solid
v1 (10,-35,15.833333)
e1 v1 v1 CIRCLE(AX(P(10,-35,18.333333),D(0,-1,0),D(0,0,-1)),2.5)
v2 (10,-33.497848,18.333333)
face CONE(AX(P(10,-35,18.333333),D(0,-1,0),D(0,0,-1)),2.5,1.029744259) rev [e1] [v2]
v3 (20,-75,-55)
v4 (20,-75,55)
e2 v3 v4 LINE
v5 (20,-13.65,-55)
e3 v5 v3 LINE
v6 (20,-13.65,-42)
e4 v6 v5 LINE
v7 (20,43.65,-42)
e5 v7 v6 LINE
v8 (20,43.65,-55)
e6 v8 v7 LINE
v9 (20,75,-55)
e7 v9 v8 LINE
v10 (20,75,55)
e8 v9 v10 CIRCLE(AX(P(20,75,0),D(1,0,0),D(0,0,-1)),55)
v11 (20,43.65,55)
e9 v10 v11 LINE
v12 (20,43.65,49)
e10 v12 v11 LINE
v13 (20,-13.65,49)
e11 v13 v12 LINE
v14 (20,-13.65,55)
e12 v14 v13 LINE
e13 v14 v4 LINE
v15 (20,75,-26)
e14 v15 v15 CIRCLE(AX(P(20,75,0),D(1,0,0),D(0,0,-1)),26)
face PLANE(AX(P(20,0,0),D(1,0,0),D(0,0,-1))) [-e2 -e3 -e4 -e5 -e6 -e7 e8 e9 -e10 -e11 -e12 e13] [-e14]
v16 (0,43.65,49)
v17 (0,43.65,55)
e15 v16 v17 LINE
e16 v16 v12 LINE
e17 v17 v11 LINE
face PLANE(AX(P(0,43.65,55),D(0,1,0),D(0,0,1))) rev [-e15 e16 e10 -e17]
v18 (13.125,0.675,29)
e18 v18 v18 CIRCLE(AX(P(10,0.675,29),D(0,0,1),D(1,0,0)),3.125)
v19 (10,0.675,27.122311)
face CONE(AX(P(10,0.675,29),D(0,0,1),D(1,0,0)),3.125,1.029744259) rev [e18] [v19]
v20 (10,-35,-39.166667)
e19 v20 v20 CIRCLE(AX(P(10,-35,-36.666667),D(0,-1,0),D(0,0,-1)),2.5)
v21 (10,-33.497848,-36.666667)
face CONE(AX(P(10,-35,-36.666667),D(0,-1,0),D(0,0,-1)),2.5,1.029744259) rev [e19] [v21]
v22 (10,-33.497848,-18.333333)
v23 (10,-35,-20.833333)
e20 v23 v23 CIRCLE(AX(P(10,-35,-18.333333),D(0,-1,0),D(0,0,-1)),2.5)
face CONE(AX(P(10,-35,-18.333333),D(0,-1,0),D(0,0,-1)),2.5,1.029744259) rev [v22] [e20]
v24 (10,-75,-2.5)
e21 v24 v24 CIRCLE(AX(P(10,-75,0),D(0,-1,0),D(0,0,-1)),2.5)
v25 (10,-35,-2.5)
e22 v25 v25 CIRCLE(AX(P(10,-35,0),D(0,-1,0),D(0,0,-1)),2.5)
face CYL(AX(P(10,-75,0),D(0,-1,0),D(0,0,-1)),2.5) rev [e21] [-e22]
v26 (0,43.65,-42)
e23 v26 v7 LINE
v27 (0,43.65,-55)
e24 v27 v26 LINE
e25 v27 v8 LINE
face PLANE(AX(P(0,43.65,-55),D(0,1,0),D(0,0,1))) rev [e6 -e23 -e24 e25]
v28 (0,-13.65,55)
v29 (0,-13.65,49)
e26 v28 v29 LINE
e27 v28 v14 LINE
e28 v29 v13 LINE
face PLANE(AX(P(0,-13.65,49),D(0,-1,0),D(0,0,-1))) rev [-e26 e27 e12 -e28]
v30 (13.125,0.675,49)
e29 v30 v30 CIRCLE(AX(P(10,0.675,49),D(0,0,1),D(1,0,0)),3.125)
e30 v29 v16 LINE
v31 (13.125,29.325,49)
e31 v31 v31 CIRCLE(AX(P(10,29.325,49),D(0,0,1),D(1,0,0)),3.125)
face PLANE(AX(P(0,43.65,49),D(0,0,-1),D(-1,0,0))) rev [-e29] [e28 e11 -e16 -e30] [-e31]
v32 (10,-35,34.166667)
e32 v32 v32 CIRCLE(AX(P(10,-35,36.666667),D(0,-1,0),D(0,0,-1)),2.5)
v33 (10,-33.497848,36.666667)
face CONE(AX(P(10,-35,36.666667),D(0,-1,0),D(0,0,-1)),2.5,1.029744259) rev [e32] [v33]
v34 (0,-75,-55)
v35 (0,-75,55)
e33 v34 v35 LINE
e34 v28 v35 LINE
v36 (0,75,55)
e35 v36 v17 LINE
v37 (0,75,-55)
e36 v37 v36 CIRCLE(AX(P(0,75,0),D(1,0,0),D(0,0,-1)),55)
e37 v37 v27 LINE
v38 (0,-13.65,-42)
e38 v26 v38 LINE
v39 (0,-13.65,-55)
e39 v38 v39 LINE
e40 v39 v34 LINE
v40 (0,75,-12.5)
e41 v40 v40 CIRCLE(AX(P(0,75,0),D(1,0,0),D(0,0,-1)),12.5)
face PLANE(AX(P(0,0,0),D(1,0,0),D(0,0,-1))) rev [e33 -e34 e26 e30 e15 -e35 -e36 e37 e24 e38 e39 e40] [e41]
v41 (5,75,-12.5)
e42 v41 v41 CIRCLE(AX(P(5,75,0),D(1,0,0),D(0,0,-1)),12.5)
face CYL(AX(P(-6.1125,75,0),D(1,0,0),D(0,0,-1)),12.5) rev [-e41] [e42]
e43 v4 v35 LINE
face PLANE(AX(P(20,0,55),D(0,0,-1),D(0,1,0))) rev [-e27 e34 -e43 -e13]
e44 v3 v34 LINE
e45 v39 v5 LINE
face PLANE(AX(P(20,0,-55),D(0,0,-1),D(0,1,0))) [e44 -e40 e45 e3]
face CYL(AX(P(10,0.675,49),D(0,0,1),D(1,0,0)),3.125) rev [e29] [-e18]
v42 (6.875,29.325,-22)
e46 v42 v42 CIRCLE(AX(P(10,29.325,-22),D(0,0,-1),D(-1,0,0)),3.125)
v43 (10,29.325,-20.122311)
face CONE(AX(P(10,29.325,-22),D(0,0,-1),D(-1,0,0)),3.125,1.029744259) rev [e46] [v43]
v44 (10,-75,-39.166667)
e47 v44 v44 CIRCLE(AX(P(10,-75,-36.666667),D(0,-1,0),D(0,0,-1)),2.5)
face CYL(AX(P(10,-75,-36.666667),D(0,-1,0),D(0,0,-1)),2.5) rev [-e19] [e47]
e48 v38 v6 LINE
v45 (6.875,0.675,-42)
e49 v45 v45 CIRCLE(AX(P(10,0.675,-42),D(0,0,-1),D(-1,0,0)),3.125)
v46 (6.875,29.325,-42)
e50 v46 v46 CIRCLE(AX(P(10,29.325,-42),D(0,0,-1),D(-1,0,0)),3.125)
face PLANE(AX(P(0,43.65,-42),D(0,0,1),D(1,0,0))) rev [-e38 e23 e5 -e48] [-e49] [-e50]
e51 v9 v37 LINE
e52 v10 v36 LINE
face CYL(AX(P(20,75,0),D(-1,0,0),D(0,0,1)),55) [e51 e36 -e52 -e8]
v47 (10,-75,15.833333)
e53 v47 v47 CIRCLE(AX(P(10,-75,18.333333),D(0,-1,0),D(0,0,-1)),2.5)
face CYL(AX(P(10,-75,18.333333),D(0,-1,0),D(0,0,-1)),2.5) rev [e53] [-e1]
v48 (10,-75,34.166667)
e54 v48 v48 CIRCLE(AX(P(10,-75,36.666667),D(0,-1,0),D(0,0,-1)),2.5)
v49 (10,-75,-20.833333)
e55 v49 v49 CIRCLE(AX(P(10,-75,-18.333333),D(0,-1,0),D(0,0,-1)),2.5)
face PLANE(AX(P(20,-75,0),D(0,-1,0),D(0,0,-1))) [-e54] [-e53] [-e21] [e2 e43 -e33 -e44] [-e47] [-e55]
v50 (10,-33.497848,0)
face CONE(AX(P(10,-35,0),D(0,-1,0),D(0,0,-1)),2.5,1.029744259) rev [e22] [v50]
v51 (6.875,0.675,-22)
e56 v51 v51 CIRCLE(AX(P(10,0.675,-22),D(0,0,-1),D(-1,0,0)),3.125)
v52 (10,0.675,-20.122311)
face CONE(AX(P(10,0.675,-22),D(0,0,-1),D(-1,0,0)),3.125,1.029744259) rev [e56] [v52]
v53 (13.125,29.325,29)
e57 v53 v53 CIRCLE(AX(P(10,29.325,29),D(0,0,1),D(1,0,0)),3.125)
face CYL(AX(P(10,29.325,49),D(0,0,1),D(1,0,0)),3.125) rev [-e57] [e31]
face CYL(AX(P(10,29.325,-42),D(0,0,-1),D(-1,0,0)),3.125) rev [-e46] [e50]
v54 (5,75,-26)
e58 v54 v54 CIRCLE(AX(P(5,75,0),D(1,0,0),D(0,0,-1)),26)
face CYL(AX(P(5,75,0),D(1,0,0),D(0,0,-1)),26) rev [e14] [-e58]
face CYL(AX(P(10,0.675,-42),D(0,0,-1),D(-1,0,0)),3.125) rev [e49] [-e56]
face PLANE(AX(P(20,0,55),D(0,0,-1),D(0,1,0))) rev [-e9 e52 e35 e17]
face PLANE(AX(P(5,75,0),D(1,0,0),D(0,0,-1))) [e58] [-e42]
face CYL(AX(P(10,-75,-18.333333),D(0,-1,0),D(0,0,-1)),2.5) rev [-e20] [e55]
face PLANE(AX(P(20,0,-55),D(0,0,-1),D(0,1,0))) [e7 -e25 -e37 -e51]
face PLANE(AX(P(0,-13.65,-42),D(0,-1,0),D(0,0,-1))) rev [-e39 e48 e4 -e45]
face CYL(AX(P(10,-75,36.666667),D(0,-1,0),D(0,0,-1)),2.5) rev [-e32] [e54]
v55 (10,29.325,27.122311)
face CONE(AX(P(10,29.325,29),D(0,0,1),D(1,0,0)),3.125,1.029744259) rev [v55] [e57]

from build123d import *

# Parameters (mm, degrees)
BOSS_EXTRUDE1_DEPTH              = 20
SKETCH3_R                        = 26
CUT_EXTRUDE1_DEPTH               = 15
SKETCH4_R                        = 12.5
CUT_EXTRUDE2_DEPTH               = 11.1125
TAP_DRILL_FOR_M6X1_0_TAP2_D      = 5
TAP_DRILL_FOR_M6X1_0_TAP2_DEPTH  = 40
TAP_DRILL_FOR_M6X1_0_TAP2_TIP    = 1.502151548
SKETCH12_W                       = 6
SKETCH12_H                       = 57.3
SKETCH12_W_2                     = 13
CUT_EXTRUDE3_DEPTH               = 20
TAP_DRILL_FOR_M6_HELICOIL1_D     = 6.25
TAP_DRILL_FOR_M6_HELICOIL1_DEPTH = 20
TAP_DRILL_FOR_M6_HELICOIL1_TIP   = 1.877689434
TAP_DRILL_FOR_M6_HELICOIL2_D     = 6.25
TAP_DRILL_FOR_M6_HELICOIL2_DEPTH = 20
TAP_DRILL_FOR_M6_HELICOIL2_TIP   = 1.877689434


with BuildPart() as part:
    # Sketch2 → Boss-Extrude1 (new body)
    with BuildSketch(Plane(origin=(0, 0, 0), x_dir=(0, 0, -1), z_dir=(1, 0, 0))):
        with BuildLine():
            Line((55, -75), (55, 75))
            ThreePointArc((55, 75), (0, 20), (-55, 75))
            Line((-55, 75), (-55, -75))
            Line((-55, -75), (55, -75))
        make_face()
        with BuildLine():
            ThreePointArc((-55, 75), (0, 20), (55, 75))
            Line((55, 75), (-55, 75))
        make_face()
        with BuildLine():
            Line((-55, 75), (55, 75))
            ThreePointArc((55, 75), (0, 130), (-55, 75))
        make_face()
    extrude(amount=BOSS_EXTRUDE1_DEPTH)

    # Sketch3 → Cut-Extrude1 (cut)
    with BuildSketch(Plane(origin=(20, 0, 0), x_dir=(0, 0, -1), z_dir=(1, 0, 0))):
        with Locations((0, 75)):
            Circle(SKETCH3_R)
    extrude(amount=-CUT_EXTRUDE1_DEPTH, mode=Mode.SUBTRACT)

    # Sketch4 → Cut-Extrude2 (cut)
    with BuildSketch(Plane(origin=(5, 0, 0), x_dir=(0, 0, -1), z_dir=(1, 0, 0))):
        with Locations((0, 75)):
            Circle(SKETCH4_R)
    extrude(amount=-CUT_EXTRUDE2_DEPTH, mode=Mode.SUBTRACT)

    # Tap Drill for M6x1.0 Tap2
    with Locations(Plane(origin=(0, -75, 0), x_dir=(-1, 0, 0), z_dir=(0, -1, 0))):
        with Locations((-10, -36.666666667), (-10, -18.333333333), (-10, 0), (-10, 18.333333333), (-10, 36.666666667)):
            Hole(TAP_DRILL_FOR_M6X1_0_TAP2_D / 2, depth=TAP_DRILL_FOR_M6X1_0_TAP2_DEPTH)
            with Locations((0, 0, -(TAP_DRILL_FOR_M6X1_0_TAP2_DEPTH + TAP_DRILL_FOR_M6X1_0_TAP2_TIP / 2))):  # 118° drill point
                Cone(0, TAP_DRILL_FOR_M6X1_0_TAP2_D / 2, TAP_DRILL_FOR_M6X1_0_TAP2_TIP, mode=Mode.SUBTRACT)

    # Sketch12 → Cut-Extrude3 (cut)
    with BuildSketch(Plane(origin=(20, 0, 0), x_dir=(0, 0, -1), z_dir=(1, 0, 0))):
        with Locations((-52, 15)):
            Rectangle(SKETCH12_W, SKETCH12_H)
        with Locations((48.5, 15)):
            Rectangle(SKETCH12_W_2, SKETCH12_H)
    extrude(amount=-CUT_EXTRUDE3_DEPTH, mode=Mode.SUBTRACT)

    # Tap Drill for M6 Helicoil1
    with Locations(Plane(origin=(10, 29.325, 49), x_dir=(1, 0, 0), z_dir=(0, 0, 1))):
        with Locations((0, 0), (0, -28.65)):
            Hole(TAP_DRILL_FOR_M6_HELICOIL1_D / 2, depth=TAP_DRILL_FOR_M6_HELICOIL1_DEPTH)
            with Locations((0, 0, -(TAP_DRILL_FOR_M6_HELICOIL1_DEPTH + TAP_DRILL_FOR_M6_HELICOIL1_TIP / 2))):  # 118° drill point
                Cone(0, TAP_DRILL_FOR_M6_HELICOIL1_D / 2, TAP_DRILL_FOR_M6_HELICOIL1_TIP, mode=Mode.SUBTRACT)

    # Tap Drill for M6 Helicoil2
    with Locations(Plane(origin=(0, 0, -42), x_dir=(-1, 0, 0), z_dir=(0, 0, -1))):
        with Locations((-10, 29.325), (-10, 0.675)):
            Hole(TAP_DRILL_FOR_M6_HELICOIL2_D / 2, depth=TAP_DRILL_FOR_M6_HELICOIL2_DEPTH)
            with Locations((0, 0, -(TAP_DRILL_FOR_M6_HELICOIL2_DEPTH + TAP_DRILL_FOR_M6_HELICOIL2_TIP / 2))):  # 118° drill point
                Cone(0, TAP_DRILL_FOR_M6_HELICOIL2_D / 2, TAP_DRILL_FOR_M6_HELICOIL2_TIP, mode=Mode.SUBTRACT)


solid = part.part
